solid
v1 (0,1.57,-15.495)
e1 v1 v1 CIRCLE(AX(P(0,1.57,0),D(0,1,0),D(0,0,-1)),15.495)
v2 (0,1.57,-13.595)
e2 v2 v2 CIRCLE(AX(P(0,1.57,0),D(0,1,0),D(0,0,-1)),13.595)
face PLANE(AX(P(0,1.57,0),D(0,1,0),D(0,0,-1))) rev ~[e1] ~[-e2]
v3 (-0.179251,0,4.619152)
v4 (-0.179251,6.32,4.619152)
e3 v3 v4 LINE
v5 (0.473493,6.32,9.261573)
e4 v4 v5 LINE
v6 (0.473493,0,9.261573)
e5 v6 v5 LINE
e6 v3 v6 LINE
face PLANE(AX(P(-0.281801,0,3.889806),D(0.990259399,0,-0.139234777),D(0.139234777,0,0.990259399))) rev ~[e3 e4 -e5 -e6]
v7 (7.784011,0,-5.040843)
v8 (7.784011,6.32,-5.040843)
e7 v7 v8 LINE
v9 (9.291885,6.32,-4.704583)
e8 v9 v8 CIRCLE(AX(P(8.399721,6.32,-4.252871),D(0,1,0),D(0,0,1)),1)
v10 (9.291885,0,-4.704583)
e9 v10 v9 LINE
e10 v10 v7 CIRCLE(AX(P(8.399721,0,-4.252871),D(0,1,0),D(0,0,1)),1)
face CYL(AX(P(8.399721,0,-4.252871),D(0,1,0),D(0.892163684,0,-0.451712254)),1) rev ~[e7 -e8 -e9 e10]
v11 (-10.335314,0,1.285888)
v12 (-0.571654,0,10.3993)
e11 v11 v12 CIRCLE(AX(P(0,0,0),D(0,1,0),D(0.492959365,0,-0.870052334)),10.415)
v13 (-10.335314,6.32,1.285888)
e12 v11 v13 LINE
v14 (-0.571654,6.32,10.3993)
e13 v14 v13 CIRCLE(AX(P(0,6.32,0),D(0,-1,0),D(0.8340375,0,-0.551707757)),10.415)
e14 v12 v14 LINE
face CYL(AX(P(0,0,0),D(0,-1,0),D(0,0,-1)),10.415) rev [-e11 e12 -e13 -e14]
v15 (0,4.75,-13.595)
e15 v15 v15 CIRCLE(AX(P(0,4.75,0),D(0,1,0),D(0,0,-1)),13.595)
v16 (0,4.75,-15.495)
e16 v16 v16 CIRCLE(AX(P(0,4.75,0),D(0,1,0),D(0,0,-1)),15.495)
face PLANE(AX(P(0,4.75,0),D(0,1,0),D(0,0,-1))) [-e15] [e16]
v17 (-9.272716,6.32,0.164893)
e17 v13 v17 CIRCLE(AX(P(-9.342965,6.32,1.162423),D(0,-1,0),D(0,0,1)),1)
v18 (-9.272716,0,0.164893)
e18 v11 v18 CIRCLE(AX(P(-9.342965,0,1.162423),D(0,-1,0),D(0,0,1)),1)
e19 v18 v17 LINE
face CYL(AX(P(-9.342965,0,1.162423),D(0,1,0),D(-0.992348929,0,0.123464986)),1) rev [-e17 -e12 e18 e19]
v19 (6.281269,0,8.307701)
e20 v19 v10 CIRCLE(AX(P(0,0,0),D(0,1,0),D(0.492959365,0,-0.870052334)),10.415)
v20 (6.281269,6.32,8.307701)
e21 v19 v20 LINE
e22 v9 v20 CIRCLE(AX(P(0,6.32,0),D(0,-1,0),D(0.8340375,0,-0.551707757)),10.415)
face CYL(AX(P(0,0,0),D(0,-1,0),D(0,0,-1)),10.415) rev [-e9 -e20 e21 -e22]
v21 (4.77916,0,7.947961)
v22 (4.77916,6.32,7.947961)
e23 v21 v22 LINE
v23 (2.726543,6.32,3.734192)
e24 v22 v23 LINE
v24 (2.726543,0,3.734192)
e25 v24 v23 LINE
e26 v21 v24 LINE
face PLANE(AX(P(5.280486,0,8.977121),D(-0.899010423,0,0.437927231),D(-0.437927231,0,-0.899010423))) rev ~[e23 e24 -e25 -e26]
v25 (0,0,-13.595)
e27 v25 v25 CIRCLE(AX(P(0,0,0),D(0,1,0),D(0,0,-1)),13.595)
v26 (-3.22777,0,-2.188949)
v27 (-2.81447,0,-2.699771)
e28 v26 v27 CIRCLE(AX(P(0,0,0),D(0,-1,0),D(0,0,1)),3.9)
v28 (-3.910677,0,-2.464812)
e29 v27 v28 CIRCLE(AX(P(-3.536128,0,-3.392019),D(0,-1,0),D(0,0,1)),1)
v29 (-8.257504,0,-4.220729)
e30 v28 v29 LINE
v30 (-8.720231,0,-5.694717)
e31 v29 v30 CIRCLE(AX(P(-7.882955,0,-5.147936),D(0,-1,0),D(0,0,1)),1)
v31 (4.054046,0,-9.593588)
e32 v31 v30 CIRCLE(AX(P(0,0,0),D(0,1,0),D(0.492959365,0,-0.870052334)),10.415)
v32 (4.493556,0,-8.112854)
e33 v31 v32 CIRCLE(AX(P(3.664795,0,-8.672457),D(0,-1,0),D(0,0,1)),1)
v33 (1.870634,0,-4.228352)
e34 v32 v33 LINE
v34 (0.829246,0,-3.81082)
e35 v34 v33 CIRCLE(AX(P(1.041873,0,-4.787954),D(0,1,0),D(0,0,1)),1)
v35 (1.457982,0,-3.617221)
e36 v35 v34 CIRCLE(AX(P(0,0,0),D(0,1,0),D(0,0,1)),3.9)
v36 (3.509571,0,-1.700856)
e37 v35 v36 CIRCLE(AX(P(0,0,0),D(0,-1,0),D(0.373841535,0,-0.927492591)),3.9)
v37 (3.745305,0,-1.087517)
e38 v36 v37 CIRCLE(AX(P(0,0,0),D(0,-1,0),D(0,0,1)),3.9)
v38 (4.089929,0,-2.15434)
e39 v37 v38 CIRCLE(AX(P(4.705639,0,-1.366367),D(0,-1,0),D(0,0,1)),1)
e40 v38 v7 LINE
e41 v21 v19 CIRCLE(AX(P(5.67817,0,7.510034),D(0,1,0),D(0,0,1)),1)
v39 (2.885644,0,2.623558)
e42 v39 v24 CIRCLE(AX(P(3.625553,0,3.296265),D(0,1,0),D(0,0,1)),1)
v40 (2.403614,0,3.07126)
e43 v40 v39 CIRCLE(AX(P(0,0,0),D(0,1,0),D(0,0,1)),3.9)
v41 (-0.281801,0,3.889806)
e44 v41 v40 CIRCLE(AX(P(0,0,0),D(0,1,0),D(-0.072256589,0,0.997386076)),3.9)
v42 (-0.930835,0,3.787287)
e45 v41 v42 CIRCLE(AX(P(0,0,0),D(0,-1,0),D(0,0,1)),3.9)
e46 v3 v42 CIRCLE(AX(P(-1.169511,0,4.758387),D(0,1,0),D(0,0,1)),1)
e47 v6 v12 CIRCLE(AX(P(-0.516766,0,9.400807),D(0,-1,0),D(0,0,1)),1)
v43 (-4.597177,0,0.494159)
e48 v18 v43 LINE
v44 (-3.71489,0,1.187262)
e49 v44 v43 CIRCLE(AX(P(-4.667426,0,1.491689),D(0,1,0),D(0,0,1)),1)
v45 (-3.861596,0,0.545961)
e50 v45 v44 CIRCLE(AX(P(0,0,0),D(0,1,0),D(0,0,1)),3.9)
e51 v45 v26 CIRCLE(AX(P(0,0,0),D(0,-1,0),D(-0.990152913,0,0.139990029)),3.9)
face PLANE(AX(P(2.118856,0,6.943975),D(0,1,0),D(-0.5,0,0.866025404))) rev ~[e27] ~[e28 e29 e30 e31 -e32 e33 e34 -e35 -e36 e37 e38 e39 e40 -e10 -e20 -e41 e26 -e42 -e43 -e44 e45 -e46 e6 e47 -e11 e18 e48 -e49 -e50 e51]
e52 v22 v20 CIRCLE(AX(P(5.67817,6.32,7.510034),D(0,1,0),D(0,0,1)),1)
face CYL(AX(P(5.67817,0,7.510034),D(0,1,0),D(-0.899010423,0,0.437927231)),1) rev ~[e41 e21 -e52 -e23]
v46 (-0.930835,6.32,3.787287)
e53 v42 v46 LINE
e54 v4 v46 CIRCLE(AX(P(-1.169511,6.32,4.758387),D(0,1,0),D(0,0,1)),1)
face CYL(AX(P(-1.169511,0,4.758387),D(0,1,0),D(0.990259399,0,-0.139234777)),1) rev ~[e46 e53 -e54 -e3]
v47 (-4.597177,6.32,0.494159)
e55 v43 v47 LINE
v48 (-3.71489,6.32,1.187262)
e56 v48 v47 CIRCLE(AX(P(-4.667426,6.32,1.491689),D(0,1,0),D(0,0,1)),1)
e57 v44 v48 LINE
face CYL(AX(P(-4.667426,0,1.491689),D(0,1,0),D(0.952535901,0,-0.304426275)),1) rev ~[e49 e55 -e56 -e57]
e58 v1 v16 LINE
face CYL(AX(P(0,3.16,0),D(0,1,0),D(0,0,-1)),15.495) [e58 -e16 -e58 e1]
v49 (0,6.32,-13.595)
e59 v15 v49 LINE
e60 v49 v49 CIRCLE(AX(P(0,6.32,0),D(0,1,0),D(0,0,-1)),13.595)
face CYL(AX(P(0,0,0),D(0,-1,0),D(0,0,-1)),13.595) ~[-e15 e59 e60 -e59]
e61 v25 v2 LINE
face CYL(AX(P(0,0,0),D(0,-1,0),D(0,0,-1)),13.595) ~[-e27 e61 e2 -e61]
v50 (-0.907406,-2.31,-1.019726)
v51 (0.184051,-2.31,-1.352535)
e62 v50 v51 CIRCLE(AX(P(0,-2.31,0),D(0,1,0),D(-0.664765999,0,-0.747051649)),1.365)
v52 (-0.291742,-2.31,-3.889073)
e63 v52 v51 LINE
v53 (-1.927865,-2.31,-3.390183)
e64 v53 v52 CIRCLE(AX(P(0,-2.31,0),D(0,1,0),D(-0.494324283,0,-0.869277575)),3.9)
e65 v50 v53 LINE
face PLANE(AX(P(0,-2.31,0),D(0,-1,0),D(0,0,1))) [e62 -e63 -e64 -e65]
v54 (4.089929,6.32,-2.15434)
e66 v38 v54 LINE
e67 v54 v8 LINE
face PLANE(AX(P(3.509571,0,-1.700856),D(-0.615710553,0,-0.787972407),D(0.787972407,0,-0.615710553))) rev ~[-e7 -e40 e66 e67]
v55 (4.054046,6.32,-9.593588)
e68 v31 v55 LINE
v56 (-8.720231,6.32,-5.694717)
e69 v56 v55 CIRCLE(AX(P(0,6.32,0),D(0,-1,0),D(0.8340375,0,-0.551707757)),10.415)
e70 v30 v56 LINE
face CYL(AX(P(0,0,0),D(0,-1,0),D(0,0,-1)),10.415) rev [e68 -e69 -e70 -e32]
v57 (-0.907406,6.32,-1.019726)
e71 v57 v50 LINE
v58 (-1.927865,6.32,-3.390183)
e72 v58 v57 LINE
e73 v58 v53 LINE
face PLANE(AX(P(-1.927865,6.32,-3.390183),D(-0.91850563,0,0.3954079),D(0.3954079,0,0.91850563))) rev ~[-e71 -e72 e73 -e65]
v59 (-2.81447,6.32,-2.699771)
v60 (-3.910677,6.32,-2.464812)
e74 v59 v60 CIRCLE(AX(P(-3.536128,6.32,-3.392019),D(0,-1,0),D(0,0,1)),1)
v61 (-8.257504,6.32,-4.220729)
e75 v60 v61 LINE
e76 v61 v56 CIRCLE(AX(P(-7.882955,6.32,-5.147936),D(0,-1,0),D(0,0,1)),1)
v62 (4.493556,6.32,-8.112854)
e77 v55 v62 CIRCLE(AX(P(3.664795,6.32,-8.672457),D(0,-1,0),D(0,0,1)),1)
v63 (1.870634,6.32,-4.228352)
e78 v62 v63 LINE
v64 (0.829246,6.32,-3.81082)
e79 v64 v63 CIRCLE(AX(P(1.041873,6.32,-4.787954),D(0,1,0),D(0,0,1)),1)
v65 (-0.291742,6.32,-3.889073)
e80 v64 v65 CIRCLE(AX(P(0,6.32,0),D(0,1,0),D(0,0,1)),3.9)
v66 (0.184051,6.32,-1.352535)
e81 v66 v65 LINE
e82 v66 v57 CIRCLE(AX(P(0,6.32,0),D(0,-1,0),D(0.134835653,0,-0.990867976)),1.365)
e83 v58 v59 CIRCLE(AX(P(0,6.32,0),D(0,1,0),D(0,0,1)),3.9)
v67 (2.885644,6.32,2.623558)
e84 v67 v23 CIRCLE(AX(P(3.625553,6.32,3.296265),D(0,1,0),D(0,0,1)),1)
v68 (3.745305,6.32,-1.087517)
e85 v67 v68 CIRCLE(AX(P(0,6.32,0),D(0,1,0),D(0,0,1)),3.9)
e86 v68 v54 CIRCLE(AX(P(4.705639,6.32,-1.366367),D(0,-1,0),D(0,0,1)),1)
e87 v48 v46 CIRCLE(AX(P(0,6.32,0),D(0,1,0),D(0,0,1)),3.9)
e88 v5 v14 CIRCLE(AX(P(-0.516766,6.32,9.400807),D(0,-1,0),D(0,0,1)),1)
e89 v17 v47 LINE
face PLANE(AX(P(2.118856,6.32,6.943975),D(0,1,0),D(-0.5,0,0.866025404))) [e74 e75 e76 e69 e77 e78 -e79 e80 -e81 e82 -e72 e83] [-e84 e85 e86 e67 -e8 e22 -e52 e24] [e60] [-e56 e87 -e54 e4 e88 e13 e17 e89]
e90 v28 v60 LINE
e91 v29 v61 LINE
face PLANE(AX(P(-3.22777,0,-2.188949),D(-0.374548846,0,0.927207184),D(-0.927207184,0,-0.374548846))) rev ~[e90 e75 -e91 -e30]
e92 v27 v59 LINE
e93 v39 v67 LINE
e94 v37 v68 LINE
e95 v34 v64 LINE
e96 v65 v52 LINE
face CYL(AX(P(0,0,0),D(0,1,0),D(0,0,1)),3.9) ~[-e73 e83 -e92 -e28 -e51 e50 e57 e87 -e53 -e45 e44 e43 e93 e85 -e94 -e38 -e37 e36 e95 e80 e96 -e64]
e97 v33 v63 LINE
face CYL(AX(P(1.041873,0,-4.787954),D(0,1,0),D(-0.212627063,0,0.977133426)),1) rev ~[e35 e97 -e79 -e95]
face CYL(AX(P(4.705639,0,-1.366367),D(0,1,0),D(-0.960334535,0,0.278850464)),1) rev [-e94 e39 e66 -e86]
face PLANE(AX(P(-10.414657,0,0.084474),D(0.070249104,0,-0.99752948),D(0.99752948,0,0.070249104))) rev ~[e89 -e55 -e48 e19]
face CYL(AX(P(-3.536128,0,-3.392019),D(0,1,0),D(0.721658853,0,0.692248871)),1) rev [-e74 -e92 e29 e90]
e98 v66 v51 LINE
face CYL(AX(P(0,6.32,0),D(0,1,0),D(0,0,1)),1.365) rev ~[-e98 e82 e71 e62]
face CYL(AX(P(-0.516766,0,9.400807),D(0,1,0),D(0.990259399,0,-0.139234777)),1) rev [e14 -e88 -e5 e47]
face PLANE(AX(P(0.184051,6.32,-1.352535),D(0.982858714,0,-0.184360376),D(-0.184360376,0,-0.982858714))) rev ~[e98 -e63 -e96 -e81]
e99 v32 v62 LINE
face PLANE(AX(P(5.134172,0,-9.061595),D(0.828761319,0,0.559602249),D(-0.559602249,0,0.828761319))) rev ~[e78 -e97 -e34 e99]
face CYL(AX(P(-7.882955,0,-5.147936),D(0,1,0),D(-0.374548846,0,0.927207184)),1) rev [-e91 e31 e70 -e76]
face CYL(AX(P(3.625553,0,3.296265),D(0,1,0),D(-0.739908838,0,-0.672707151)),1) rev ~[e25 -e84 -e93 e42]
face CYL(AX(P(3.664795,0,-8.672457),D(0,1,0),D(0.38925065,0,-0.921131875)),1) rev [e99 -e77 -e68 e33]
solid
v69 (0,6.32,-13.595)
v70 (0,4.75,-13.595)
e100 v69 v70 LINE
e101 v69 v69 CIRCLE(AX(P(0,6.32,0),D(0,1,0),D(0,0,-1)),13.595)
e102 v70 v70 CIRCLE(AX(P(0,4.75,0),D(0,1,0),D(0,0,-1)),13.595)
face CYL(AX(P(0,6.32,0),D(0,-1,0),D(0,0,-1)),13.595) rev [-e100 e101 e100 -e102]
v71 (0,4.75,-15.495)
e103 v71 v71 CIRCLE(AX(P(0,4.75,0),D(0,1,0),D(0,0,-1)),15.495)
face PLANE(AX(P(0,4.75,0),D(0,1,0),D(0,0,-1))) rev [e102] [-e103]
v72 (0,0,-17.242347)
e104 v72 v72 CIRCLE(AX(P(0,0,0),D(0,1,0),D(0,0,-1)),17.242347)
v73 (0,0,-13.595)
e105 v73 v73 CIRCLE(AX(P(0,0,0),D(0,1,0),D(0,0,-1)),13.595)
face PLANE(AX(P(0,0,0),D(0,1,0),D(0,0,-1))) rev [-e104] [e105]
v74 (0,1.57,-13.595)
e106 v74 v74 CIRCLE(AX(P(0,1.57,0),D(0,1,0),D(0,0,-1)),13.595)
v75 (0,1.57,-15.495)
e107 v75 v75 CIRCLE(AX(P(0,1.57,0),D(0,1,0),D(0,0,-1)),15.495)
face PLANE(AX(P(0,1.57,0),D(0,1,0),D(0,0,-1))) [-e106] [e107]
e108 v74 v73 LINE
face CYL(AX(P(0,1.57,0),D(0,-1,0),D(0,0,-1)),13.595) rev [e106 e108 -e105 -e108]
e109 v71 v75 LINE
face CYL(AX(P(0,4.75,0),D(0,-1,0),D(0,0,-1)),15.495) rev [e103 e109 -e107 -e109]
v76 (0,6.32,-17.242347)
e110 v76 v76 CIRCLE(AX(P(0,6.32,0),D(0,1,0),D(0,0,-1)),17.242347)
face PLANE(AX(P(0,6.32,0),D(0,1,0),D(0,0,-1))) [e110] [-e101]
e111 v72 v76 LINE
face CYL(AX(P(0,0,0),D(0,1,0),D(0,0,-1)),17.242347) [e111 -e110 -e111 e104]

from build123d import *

# Parameters (mm, degrees)
SKETCH1_R           = 13.595
SKETCH1_R_2         = 10.415
BOSS_EXTRUDE1_DEPTH = 6.32
SKETCH2_W           = 1.9
SKETCH2_H           = 3.18
SKETCH3_R           = 3.9
BOSS_EXTRUDE2_DEPTH = 6.32
SKETCH4_R           = 3.9
BOSS_EXTRUDE3_DEPTH = 2.31
SKETCH5_R           = 1.365
CUT_EXTRUDE1_DEPTH  = 8.63
BOSS_EXTRUDE4_START = -6.32
BOSS_EXTRUDE4_DEPTH = 6.32
CIRPATTERN2_COUNT   = 3
FILLET2_R           = 1
FILLET3_R           = 1
CUT_EXTRUDE2_DEPTH  = 25.31


with BuildPart() as part:
    # Sketch1 → Boss-Extrude1 (new body)
    with BuildSketch(Plane(origin=(0, 0, 0), x_dir=(1, 0, 0), z_dir=(0, 1, 0))):
        with Locations(Location((0, 0, 0), (0, 0, 90))):
            Circle(SKETCH1_R)
        with Locations(Location((0, 0, 0), (0, 0, 90))):
            Circle(SKETCH1_R_2, mode=Mode.SUBTRACT)
    extrude(amount=BOSS_EXTRUDE1_DEPTH)

    # Sketch2 → Revolve1 (revolve)
    with BuildSketch(Plane.XY, mode=Mode.PRIVATE) as revolve1_sk:
        with Locations((-14.545, 3.16)):
            Rectangle(SKETCH2_W, SKETCH2_H)
    revolve(revolve1_sk.sketch.rotate(Axis((0, 0, 0), (0, 1, 0)), 270), axis=Axis((0, 0, 0), (0, 1, 0)))



with BuildPart() as body_2:
    # Sketch3 → Boss-Extrude2 (new body)
    with BuildSketch(Plane(origin=(0, 6.32, 0), x_dir=(1, 0, 0), z_dir=(0, 1, 0))):
        with Locations(Location((0, 0, 0), (0, 0, 270))):
            Circle(SKETCH3_R)
    extrude(amount=-BOSS_EXTRUDE2_DEPTH)

    # Sketch4 → Boss-Extrude3 (add)
    with BuildSketch(Plane.XZ):
        with Locations(Location((0, 0, 0), (0, 0, 90))):
            Circle(SKETCH4_R)
    extrude(amount=BOSS_EXTRUDE3_DEPTH)

    # Sketch5 → Cut-Extrude1 (cut)
    with BuildSketch(Plane(origin=(0, 6.32, 0), x_dir=(1, 0, 0), z_dir=(0, 1, 0))):
        with Locations(Location((0, 0, 0), (0, 0, 270))):
            Circle(SKETCH5_R)
    extrude(amount=-CUT_EXTRUDE1_DEPTH, mode=Mode.SUBTRACT)


with BuildPart() as part_1:
    add(part.part)

    add(body_2.part)  # Boss-Extrude4 merges body 2
    # Sketch6 → Boss-Extrude4 (add)
    with BuildSketch(Plane(origin=(0, 6.32, 0), x_dir=(1, 0, 0), z_dir=(0, 1, 0)).offset(BOSS_EXTRUDE4_START)):
        with BuildLine():
            Line((5.134171789, 9.06159506), (1.457981988, 3.617221105))
            ThreePointArc((1.457981988, 3.617221105), (2.66219063, 2.850042289), (3.509570899, 1.700856286))
            Line((3.509570899, 1.700856286), (8.68650056, 5.746036288))
            ThreePointArc((8.68650056, 5.746036288), (7.106404051, 7.61388511), (5.134171789, 9.06159506))
        make_face()
    boss_extrude4 = extrude(amount=BOSS_EXTRUDE4_DEPTH)

    # CirPattern2: Boss-Extrude4 ×3 about axis
    cirpattern2_axis = Axis((0, 0, 0), (0, 1, 0))
    for i in range(1, CIRPATTERN2_COUNT):
        add(boss_extrude4.rotate(cirpattern2_axis, i * 360 / CIRPATTERN2_COUNT))

    # Fillet2
    fillet2_edges = [part_1.edges().sort_by_distance(p)[0] for p in [
        (0.632963116, 3.16, 10.395748299),
    ]]
    fillet(fillet2_edges, radius=FILLET2_R)

    # Fillet3
    fillet3_edges = [part_1.edges().sort_by_distance(p)[0] for p in [
        (5.134171789, 3.16, -9.06159506),
        (8.68650056, 3.16, -5.746036288),
        (3.509570899, 3.16, -1.700856286),
        (1.457981988, 3.16, -3.617221105),
        (-10.414657416, 3.16, 0.084474334),
        (-9.319463676, 3.16, -4.649712011),
        (-3.227770201, 3.16, -2.188949412),
        (-3.861596362, 3.16, 0.545961112),
        (5.280485627, 3.16, 8.977120727),
        (-0.281800697, 3.16, 3.889805698),
        (2.403614374, 3.16, 3.071259993),
    ]]
    fillet(fillet3_edges, radius=FILLET3_R)

    # Sketch7 → Cut-Extrude2 (cut)
    with BuildSketch(Plane(origin=(0, 6.32, 0), x_dir=(1, 0, 0), z_dir=(0, 1, 0))):
        with BuildLine():
            Line((-1.927864704, 3.390182544), (-0.907405589, 1.019725501))
            ThreePointArc((-0.907405589, 1.019725501), (-0.398121955, 1.305650761), (0.184050667, 1.352534788))
            Line((0.184050667, 1.352534788), (-0.291742117, 3.889072709))
            ThreePointArc((-0.291742117, 3.889072709), (-1.1374913, 3.730430745), (-1.927864704, 3.390182544))
        make_face()
    extrude(amount=-CUT_EXTRUDE2_DEPTH, mode=Mode.SUBTRACT)


with BuildPart() as body_2_2:
    # Sketch8 → Revolve4 (revolve)
    with BuildSketch(Plane.XY, mode=Mode.PRIVATE) as revolve4_sk:
        Polygon((-13.595, 4.75), (-15.495, 4.75), (-15.495, 1.57), (-13.595, 1.57), (-13.595, 0), (-17.242346631, 0), (-17.242346631, 6.32), (-13.595, 6.32), align=None)
    revolve(revolve4_sk.sketch.rotate(Axis((0, 0, 0), (0, 1, 0)), 270), axis=Axis((0, 0, 0), (0, 1, 0)))


solid = Compound([part_1.part, body_2_2.part])
